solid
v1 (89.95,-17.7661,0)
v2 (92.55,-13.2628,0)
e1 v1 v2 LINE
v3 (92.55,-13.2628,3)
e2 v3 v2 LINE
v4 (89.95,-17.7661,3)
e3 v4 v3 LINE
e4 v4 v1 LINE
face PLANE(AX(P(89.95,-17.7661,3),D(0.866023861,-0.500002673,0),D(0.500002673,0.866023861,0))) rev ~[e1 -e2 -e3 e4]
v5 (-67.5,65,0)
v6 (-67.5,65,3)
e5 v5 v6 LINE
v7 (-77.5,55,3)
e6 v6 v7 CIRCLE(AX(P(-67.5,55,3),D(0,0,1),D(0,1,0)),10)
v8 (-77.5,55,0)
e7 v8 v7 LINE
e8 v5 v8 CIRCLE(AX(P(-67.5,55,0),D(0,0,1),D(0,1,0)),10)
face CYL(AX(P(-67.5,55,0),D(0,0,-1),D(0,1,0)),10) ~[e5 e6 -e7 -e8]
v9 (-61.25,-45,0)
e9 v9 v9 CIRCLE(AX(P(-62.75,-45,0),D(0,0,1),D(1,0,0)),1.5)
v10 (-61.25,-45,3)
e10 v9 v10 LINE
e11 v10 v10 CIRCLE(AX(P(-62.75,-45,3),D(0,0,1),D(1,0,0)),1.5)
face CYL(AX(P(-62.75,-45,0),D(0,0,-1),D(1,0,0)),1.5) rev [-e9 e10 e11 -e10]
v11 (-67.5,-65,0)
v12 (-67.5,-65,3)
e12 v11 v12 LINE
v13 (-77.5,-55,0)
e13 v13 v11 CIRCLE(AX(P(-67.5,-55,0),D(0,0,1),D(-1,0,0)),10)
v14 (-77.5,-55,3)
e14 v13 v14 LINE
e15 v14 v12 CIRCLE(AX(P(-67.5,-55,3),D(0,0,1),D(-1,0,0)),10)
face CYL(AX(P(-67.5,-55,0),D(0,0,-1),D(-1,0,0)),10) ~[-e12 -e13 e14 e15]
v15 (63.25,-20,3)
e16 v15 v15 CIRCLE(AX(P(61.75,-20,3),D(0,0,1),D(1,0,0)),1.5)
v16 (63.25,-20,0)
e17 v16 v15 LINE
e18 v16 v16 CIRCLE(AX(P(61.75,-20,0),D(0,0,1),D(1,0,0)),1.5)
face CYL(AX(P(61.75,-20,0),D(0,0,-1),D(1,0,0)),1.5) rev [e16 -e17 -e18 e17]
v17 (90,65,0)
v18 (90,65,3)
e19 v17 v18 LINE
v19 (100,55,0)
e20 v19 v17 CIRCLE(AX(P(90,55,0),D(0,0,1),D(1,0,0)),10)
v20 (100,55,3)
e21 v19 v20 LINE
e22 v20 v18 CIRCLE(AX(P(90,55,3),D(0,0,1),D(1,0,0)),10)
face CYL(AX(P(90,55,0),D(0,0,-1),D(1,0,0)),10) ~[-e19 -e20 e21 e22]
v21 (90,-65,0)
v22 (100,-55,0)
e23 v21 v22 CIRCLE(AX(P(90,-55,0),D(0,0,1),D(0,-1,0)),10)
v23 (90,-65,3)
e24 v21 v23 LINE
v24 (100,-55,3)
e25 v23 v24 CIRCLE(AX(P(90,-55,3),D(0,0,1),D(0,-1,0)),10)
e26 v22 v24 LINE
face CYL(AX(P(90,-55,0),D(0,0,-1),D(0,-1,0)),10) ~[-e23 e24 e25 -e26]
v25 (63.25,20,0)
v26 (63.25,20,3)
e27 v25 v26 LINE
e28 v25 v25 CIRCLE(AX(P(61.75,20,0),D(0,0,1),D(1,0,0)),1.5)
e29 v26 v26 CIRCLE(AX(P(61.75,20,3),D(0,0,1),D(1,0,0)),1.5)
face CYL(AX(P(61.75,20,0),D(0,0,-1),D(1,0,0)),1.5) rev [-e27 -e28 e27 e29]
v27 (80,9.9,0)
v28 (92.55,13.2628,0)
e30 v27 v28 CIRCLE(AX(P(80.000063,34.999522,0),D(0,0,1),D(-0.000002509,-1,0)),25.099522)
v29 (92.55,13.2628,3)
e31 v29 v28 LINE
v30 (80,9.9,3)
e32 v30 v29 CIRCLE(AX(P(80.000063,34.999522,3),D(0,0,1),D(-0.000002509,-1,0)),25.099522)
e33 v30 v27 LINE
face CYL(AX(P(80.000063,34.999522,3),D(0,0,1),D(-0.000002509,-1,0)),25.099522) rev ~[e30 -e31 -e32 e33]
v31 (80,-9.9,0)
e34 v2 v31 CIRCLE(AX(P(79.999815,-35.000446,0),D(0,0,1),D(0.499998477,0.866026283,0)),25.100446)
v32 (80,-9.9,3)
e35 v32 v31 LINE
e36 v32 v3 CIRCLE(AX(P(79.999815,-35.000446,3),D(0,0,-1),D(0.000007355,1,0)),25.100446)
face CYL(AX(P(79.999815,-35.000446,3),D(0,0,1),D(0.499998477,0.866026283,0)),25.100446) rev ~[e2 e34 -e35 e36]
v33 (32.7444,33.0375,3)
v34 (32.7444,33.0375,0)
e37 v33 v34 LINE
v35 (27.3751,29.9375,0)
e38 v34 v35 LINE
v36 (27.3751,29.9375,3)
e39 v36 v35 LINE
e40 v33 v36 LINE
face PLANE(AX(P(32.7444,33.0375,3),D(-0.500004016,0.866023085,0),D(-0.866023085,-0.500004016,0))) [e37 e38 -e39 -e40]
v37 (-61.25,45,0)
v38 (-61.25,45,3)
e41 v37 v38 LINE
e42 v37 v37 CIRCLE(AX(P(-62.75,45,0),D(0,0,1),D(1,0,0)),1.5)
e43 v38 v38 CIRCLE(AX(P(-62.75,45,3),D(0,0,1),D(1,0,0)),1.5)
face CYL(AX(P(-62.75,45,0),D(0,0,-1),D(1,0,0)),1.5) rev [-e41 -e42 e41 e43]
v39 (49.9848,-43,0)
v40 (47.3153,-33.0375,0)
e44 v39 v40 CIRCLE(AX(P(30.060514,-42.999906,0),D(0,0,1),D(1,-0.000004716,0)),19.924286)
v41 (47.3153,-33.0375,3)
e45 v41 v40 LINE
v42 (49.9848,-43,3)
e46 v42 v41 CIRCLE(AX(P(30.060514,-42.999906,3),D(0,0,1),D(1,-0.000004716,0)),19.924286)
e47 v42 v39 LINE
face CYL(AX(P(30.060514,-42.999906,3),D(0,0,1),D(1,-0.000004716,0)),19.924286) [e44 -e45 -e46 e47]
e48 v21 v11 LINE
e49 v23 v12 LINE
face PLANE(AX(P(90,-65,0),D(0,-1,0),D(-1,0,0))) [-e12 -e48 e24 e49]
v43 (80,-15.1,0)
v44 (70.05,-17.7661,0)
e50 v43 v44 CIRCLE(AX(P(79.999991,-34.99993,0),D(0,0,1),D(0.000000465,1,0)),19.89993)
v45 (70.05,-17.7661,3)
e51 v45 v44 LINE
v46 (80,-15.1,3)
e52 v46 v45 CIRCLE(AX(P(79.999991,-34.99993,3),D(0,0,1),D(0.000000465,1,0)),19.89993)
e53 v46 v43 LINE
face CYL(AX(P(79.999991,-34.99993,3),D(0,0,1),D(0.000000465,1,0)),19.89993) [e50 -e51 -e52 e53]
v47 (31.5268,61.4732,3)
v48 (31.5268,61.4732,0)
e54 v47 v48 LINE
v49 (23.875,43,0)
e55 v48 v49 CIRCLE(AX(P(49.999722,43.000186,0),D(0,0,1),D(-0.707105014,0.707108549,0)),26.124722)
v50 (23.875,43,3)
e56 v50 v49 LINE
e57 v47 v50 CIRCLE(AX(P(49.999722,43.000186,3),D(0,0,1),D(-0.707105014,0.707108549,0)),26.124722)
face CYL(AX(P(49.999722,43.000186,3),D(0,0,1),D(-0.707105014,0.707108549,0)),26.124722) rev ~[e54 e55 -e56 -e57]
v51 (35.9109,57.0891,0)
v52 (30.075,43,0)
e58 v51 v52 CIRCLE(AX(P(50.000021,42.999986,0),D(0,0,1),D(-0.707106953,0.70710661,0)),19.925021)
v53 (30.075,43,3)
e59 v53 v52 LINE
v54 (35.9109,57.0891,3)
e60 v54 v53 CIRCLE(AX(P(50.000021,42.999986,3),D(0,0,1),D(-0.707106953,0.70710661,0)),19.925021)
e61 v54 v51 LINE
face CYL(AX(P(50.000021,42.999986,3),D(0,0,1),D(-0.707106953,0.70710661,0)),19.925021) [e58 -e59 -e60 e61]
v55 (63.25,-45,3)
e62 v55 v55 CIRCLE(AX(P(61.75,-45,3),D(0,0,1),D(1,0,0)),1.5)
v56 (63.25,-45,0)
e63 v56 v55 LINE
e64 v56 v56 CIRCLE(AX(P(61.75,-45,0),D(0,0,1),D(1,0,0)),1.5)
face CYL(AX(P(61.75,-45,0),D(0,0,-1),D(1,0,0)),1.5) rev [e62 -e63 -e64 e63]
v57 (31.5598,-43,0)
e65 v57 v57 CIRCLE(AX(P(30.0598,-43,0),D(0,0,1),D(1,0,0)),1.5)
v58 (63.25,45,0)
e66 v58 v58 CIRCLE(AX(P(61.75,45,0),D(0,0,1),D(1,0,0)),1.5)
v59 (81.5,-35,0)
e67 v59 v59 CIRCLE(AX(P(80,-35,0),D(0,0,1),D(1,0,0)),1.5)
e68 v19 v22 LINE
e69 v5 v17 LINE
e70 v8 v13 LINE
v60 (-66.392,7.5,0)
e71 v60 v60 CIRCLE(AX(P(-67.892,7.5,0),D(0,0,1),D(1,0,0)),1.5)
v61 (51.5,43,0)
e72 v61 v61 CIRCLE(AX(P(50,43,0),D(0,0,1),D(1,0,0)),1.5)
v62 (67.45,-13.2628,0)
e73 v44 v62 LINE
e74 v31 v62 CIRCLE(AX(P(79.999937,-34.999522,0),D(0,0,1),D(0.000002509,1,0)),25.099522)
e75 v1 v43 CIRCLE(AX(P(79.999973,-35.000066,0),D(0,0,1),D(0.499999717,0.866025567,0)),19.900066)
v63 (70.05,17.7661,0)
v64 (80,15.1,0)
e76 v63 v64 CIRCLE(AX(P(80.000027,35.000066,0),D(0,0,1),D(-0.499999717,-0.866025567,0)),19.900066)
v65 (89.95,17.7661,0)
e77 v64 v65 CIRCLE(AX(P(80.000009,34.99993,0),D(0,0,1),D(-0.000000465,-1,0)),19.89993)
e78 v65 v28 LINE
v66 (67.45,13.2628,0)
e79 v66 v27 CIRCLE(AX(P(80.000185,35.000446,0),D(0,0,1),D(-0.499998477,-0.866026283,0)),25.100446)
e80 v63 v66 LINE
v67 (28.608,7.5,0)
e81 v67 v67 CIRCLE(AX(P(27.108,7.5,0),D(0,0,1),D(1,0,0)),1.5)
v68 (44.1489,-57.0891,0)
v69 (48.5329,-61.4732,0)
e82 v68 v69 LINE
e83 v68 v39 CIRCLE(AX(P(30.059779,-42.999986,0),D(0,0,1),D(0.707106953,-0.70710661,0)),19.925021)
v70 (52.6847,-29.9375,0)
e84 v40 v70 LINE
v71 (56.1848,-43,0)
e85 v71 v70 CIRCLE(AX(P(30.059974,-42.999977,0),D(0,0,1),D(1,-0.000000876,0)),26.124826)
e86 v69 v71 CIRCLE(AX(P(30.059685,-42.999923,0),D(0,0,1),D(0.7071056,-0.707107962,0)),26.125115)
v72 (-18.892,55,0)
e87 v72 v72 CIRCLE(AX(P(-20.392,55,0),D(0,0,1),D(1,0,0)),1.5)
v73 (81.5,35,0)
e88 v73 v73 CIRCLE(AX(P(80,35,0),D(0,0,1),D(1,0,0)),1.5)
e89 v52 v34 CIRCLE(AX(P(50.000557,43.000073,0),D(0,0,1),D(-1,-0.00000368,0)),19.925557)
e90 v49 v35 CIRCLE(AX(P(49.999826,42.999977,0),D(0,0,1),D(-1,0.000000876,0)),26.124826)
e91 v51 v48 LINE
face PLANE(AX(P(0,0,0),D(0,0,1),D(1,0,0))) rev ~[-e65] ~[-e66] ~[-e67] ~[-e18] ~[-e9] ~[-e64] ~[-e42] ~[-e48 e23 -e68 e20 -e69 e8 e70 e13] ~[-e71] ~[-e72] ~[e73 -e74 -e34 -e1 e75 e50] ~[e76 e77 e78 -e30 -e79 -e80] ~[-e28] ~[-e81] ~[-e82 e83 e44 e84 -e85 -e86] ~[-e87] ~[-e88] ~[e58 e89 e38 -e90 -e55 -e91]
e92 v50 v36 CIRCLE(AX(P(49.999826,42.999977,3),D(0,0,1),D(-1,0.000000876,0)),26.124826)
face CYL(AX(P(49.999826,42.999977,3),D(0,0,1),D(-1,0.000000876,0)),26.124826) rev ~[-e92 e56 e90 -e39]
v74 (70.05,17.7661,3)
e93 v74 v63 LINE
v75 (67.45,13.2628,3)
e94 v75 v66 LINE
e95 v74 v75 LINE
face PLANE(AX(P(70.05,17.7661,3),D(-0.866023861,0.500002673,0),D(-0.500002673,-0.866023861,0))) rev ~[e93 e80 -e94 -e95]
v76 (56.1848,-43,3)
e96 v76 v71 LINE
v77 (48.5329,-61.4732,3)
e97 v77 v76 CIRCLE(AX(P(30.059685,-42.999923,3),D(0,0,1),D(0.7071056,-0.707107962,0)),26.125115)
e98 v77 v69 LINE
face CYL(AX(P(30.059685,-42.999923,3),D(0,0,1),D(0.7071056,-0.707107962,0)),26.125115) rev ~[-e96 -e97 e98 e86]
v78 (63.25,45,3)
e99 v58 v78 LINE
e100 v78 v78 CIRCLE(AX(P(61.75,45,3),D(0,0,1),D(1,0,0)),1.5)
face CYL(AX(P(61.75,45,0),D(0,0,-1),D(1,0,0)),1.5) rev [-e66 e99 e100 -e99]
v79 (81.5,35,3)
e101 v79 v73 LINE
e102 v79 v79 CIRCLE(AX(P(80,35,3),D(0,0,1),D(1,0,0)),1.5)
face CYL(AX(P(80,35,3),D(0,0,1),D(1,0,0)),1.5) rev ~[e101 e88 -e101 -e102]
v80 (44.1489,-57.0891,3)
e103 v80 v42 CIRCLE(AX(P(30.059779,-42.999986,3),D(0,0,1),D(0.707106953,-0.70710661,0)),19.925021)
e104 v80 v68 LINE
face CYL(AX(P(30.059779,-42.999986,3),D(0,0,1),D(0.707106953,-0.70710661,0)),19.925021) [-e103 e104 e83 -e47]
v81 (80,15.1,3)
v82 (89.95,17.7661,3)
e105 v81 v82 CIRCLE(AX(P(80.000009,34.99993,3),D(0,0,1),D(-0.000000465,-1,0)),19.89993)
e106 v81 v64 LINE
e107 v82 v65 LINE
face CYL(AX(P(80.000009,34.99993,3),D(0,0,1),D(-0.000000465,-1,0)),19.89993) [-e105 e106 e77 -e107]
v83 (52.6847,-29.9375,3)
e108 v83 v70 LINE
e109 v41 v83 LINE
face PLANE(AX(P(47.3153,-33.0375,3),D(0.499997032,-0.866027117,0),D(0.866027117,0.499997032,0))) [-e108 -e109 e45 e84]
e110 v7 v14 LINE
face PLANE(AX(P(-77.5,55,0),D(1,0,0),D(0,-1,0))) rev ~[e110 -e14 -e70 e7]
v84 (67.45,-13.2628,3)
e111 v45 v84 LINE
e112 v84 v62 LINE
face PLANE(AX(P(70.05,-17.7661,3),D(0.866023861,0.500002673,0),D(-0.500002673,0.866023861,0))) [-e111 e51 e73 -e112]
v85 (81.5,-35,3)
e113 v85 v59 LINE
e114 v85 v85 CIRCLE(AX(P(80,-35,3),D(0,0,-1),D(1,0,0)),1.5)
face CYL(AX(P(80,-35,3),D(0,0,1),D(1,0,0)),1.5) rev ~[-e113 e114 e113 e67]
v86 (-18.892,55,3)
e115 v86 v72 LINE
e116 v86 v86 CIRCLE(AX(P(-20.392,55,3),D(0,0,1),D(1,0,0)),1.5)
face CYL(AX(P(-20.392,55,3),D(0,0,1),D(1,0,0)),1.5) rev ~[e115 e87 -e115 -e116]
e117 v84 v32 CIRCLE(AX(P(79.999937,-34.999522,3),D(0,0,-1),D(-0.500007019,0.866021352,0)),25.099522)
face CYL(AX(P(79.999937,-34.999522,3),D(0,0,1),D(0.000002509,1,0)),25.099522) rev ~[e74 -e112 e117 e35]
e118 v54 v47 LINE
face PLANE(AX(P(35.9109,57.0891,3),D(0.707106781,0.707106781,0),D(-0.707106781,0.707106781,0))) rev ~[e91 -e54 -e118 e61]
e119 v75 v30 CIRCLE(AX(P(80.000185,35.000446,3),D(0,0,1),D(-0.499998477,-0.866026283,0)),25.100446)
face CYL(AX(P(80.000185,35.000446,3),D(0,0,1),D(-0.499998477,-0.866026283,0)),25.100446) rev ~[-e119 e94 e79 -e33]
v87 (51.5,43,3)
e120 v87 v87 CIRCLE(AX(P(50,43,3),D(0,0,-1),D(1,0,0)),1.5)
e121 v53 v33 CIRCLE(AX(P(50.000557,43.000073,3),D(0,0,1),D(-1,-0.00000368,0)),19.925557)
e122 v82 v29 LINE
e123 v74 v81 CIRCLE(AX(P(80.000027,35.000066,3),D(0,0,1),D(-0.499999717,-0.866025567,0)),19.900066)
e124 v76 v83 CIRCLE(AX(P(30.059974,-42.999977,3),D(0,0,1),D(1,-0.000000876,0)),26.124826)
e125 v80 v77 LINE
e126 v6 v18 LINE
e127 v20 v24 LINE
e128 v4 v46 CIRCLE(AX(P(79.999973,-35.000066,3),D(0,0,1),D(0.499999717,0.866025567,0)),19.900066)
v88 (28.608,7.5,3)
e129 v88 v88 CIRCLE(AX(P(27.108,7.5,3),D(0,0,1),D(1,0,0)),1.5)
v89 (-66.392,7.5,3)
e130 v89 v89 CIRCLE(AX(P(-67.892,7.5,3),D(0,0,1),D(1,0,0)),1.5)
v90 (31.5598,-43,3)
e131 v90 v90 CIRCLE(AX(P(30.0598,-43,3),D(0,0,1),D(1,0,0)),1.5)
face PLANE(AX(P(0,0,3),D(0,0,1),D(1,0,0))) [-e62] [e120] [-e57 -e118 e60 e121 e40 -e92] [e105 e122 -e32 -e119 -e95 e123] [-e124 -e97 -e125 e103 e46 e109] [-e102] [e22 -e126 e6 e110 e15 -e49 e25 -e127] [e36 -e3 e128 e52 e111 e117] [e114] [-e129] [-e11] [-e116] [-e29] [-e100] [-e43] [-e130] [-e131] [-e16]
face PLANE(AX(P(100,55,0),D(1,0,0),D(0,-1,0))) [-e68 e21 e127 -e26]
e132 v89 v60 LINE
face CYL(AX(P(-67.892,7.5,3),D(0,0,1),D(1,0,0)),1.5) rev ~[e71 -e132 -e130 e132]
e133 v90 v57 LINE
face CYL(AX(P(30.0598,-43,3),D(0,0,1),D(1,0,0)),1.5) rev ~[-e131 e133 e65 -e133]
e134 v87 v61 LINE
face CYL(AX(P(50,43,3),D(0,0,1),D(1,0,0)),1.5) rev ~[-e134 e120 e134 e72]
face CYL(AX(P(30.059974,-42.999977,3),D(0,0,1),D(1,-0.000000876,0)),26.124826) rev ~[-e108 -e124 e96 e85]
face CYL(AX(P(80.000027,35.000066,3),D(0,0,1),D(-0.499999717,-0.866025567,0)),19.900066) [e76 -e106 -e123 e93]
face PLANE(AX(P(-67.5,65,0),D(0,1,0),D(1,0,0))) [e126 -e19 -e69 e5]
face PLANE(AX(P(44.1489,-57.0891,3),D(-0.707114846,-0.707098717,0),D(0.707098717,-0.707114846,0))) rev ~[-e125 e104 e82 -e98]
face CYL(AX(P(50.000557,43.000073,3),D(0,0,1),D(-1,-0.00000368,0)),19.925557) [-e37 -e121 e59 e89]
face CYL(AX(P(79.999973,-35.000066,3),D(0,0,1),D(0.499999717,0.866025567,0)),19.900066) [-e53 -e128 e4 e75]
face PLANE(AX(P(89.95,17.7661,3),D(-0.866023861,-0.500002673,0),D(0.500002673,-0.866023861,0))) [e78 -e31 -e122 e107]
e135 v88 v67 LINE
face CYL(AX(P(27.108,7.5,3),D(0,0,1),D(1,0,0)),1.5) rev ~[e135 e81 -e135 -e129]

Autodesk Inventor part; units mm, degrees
ref_plane "YZ Plane" through (0, 0, 0) normal (1, 0, 0) x (0, 1, 0)
ref_plane "XZ Plane" through (0, 0, 0) normal (0, 1, 0) x (-1, 0, 0)
ref_plane "XY Plane" through (0, 0, 0) normal (0, 0, 1) x (1, 0, 0)
sketch "Sketch1" plane through (0, 0, 0) normal (0, 0, 1) x (1, 0, 0)
  line L0 (100, 55) -> (100, -55)
  line L1 (-100, 65) -> (100, -65) construction
  line L2 (100, 65) -> (-100, -65) construction
  circle A0 centre (61.75, -20) radius 1.5
  circle A1 centre (61.75, 20) radius 1.5
  circle A2 centre (-62.75, -45) radius 1.5
  circle A3 centre (-62.75, 45) radius 1.5
  arc A4 (100, 55) -> (90, 65) centre (90, 55) ccw
  arc A5 (90, -65) -> (100, -55) centre (90, -55) ccw
  circle A6 centre (61.75, 45) radius 1.5
  circle A7 centre (61.75, -45) radius 1.5
  line L3 (-77.5, 55) -> (-77.5, -55)
  arc A8 (-67.5, 65) -> (-77.5, 55) centre (-67.5, 55) ccw
  arc A9 (-77.5, -55) -> (-67.5, -65) centre (-67.5, -55) ccw
  line L4 (-67.5, 65) -> (90, 65)
  line L5 (90, -65) -> (-67.5, -65)
  point P0 (0, 0)
extrude "Extrusion1" add sketch "Sketch1" along normal blind 3
sketch "Sketch2" plane through (0, 0, 3) normal (0, 0, 1) x (1, 0, 0)
  line L0 (100, -55) -> (100, 55) projected
  line L1 (90, 65) -> (-90, 65) projected
  arc A0 (100, 55) -> (90, 65) centre (90, 55) ccw projected
  arc A1 (90, -65) -> (100, -55) centre (90, -55) ccw projected
  line L2 (-90, -65) -> (90, -65) projected
  arc A2 (-100, -55) -> (-90, -65) centre (-90, -55) ccw projected
  line L3 (-100, 55) -> (-100, -55) projected
  arc A3 (-90, 65) -> (-100, 55) centre (-90, 55) ccw projected
  line L4 (100, 0) -> (-100, 0)
  line L5 (0, -65) -> (0, 65)
  line L6 (100, 0) -> (80, 0)
  line L7 (80, 0) -> (80, -35)
  circle A4 centre (80, -35) radius 1.5
  line L8 (80, -35) -> (80, -12.5)
  line L9 (82.6, -15.1) -> (77.4, -15.1)
  line L10 (77.4, -15.1) -> (77.4, -9.9)
  line L11 (77.4, -9.9) -> (82.6, -9.9)
  line L12 (82.6, -9.9) -> (82.6, -15.1)
  line L13 (82.6, -15.1) -> (77.4, -9.9) construction
  line L14 (77.4, -15.1) -> (82.6, -9.9) construction
  arc A5 (80, -12.5) -> (68.75, -15.5144) centre (80, -35) ccw construction
  arc A6 (80, -9.9) -> (67.45, -13.2628) centre (80, -35) ccw
  arc A7 (80, -15.1) -> (70.05, -17.7661) centre (80, -35) ccw
  line L15 (80, -35) -> (68.75, -15.5144) construction
  line L16 (80, -35) -> (80, -12.5) construction
  arc A8 (91.25, -15.5144) -> (80, -12.5) centre (80, -35) ccw construction
  arc A9 (92.55, -13.2628) -> (80, -9.9) centre (80, -35) ccw
  arc A10 (89.95, -17.7661) -> (80, -15.1) centre (80, -35) ccw
  line L17 (80, -35) -> (91.25, -15.5144) construction
  line L18 (80, -35) -> (80, -12.5) construction
  line L19 (70.05, -17.7661) -> (67.45, -13.2628)
  line L20 (89.95, -17.7661) -> (92.55, -13.2628)
  circle A11 centre (80, 35) radius 1.5
  arc A12 (67.45, 13.2628) -> (80, 9.9) centre (80, 35) ccw
  arc A13 (70.05, 17.7661) -> (80, 15.1) centre (80, 35) ccw
  arc A14 (80, 9.9) -> (92.55, 13.2628) centre (80, 35) ccw
  arc A15 (80, 15.1) -> (89.95, 17.7661) centre (80, 35) ccw
  line L21 (70.05, 17.7661) -> (67.45, 13.2628)
  line L22 (89.95, 17.7661) -> (92.55, 13.2628)
  line L23 (100, 55) -> (50, 55)
  line L24 (50, 55) -> (50, 65)
  line L25 (50, 55) -> (50, 43)
  circle A16 centre (50, 43) radius 1.5
  line L26 (50, 43) -> (30.075, 43)
  line L27 (23.875, 39.85) -> (30.075, 39.85)
  line L28 (30.075, 39.85) -> (30.075, 43)
  line L29 (23.875, 46.15) -> (30.075, 46.15)
  line L30 (30.075, 46.15) -> (30.075, 43)
  line L31 (23.875, 46.15) -> (23.875, 39.85)
  arc A17 (33.7189, 59.2811) -> (26.975, 43) centre (50, 43) ccw construction
  arc A18 (31.5268, 61.4732) -> (23.875, 43) centre (50, 43) ccw
  arc A19 (35.9109, 57.0891) -> (30.075, 43) centre (50, 43) ccw
  line L32 (50, 43) -> (33.7189, 59.2811) construction
  line L33 (50, 43) -> (26.975, 43) construction
  arc A20 (26.975, 43) -> (30.0598, 31.4875) centre (50, 43) ccw construction
  arc A21 (23.875, 43) -> (27.3751, 29.9375) centre (50, 43) ccw
  arc A22 (30.075, 43) -> (32.7444, 33.0375) centre (50, 43) ccw
  line L34 (50, 43) -> (30.0598, 31.4875) construction
  line L35 (50, 43) -> (26.975, 43) construction
  line L36 (35.9109, 57.0891) -> (31.5268, 61.4732)
  line L37 (32.7444, 33.0375) -> (27.3751, 29.9375)
  circle A23 centre (27.108, 7.5) radius 1.5 projected
  circle A24 centre (-20.392, 55) radius 1.5 projected
  circle A25 centre (-67.892, 7.5) radius 1.5 projected
  circle A26 centre (27.108, 7.5) radius 1.5
  circle A27 centre (-20.392, 55) radius 1.5
  circle A28 centre (-67.892, 7.5) radius 1.5
  line L38 (40.0299, -43) -> (40.0299, 0) construction
  line L39 (40.0299, -43) -> (40.0299, -65) construction
  arc A29 (44.1489, -57.0891) -> (49.9848, -43) centre (30.0598, -43) ccw
  arc A30 (49.9848, -43) -> (47.3153, -33.0375) centre (30.0598, -43) ccw
  line L40 (47.3153, -33.0375) -> (52.6847, -29.9375)
  arc A31 (56.1848, -43) -> (52.6847, -29.9375) centre (30.0598, -43) ccw
  arc A32 (48.5329, -61.4732) -> (56.1848, -43) centre (30.0598, -43) ccw
  line L41 (44.1489, -57.0891) -> (48.5329, -61.4732)
  circle A33 centre (30.0598, -43) radius 1.5
  point P0 (0, 0)
  point P1 (80, -15.1)
  point P2 (80, -9.9)
  point P3 (23.875, 43)
  point P4 (27.3751, -29.9375)
  dimension "d7" = 20
  dimension "d8" = 35
  dimension "d9" = 3
  dimension "d10" = 22.5
  dimension "d11" = 5.2
  dimension "d12" = 5.2
  dimension "d13" = 30
  dimension "d15" = 30
  dimension "d17" = 50
  dimension "d18" = 12
  dimension "d19" = 3
  dimension "d20" = 19.925
  dimension "d21" = 6.2
  dimension "d23" = 6.2
  dimension "d25" = 6.3
  dimension "d26" = 45
  dimension "d28" = 30
  dimension "d32" = 3
  dimension "d33" = 3
  dimension "d34" = 3
sketch "Sketch4" plane through (0, 0, 3) normal (0, 0, 1) x (1, 0, 0)
  point P0 (0, 0)
extrude "Extrusion7" cut sketch "Sketch2" against normal blind 10 contours A4 | A9 L12 L9 L7 | L7 L9 L10 A6 | A22 L37 A21 L27 L28 | L28 L27 A21 A18 L29 L30 | L30 L29 A18 L36 A19 | A16 L26 L25 | L25 L26 A16 | L10 L9 A7 L19 A6 | A9 L20 A10 L9 L12 | A11 | L21 A13 A15 L22 A14 A12 | A23 | A24 | A25 | A29 A30 L40 A31 A32 L41 | A33
properties part number "Middle layer"
